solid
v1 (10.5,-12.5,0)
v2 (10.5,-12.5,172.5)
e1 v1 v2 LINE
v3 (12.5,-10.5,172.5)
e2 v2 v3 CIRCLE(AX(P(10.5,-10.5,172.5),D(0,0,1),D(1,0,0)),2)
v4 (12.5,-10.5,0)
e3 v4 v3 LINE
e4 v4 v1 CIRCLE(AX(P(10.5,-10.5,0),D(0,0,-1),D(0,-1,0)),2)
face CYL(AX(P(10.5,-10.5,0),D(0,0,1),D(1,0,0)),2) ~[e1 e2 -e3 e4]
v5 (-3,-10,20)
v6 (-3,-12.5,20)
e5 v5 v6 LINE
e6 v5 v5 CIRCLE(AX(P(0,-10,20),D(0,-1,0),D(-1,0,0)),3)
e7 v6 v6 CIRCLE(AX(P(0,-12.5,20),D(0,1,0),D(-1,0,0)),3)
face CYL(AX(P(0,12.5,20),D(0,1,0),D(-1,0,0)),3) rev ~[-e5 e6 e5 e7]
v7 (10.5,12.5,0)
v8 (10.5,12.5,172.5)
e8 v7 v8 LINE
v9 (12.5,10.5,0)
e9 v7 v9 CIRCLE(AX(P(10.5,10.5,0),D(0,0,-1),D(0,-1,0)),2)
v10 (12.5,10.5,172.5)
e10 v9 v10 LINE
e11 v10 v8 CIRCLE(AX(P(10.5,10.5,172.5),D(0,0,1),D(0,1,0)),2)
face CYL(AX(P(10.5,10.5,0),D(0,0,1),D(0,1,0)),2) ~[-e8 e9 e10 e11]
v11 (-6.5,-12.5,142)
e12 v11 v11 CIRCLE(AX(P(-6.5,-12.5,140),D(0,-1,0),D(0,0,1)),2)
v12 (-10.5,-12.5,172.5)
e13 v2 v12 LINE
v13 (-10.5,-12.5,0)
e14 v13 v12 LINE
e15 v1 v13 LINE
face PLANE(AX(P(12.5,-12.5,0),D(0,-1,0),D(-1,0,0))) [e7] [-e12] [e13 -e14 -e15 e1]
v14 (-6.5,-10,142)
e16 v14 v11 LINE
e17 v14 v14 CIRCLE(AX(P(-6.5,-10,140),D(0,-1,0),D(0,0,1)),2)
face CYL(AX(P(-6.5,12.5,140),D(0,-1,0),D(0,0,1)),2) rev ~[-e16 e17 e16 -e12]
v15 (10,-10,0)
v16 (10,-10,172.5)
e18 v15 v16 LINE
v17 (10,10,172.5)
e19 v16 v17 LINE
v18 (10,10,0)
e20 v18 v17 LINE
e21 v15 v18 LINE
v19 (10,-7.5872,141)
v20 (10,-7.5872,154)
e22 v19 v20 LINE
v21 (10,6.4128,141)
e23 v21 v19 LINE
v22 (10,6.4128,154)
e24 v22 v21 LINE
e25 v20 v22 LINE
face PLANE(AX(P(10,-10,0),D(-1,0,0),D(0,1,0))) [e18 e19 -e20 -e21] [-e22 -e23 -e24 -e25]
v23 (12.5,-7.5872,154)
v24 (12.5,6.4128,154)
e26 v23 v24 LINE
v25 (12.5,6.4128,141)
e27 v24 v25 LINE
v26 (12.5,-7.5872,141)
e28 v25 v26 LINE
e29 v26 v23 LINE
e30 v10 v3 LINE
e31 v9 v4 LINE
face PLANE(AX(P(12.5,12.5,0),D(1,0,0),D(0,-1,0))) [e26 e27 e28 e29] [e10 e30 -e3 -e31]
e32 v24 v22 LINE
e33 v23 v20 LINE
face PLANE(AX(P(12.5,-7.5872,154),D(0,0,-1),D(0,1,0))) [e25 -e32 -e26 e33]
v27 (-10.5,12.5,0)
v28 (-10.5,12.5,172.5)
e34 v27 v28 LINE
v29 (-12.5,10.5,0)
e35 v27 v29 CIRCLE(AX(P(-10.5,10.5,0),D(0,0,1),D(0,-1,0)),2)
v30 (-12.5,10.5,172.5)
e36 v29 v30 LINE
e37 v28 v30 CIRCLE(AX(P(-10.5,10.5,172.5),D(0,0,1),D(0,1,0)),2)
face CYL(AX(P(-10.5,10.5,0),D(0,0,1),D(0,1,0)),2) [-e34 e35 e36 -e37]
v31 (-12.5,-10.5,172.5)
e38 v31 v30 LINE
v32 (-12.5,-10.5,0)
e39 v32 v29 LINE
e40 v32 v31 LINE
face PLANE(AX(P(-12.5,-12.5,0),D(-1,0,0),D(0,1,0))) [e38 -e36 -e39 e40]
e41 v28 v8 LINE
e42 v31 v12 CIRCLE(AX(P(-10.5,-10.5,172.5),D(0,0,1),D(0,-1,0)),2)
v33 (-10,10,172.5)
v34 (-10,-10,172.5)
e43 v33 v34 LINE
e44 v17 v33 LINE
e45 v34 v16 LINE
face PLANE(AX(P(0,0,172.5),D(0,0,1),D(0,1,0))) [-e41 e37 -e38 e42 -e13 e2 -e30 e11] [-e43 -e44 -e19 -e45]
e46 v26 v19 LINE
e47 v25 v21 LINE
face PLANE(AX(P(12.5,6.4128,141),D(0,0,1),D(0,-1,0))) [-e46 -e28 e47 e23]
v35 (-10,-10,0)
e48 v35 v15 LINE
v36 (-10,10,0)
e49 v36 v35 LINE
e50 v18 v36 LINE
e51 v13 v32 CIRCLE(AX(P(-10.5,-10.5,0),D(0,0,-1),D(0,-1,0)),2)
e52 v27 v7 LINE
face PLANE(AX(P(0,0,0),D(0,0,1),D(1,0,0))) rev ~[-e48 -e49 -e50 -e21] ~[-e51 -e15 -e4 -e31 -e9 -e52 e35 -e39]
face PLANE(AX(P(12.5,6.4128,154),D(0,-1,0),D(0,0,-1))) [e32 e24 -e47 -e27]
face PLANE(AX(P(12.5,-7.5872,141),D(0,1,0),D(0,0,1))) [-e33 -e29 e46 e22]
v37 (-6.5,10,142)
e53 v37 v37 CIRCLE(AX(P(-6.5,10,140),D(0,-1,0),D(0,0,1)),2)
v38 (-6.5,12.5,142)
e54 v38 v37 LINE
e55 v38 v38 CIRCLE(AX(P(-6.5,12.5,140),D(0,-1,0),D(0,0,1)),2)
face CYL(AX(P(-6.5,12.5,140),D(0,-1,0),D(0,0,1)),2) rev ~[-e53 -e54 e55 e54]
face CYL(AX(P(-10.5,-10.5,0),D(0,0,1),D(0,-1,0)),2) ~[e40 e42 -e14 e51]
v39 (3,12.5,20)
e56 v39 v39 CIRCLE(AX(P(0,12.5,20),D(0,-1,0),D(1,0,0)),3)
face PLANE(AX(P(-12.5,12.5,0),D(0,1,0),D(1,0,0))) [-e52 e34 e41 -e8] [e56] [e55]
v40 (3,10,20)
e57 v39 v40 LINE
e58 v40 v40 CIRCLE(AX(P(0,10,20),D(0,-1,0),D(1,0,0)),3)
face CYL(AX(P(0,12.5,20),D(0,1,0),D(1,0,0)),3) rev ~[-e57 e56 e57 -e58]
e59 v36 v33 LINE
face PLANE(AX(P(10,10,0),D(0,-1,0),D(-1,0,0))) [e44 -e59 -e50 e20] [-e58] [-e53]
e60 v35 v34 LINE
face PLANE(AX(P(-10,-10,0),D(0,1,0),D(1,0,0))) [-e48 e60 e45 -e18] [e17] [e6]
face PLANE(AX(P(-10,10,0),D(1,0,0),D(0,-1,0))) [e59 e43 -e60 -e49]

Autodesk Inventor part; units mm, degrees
sketch "Sketch1" plane through (0, 0, 0) normal (0, 0, 1) x (1, 0, 0)
  line L0 (-12.5, 12.5) -> (12.5, 12.5)
  line L1 (12.5, 12.5) -> (12.5, -12.5)
  line L2 (12.5, -12.5) -> (-12.5, -12.5)
  line L3 (-12.5, -12.5) -> (-12.5, 12.5)
  line L4 (10, 10) -> (-10, 10)
  line L5 (-10, 10) -> (-10, -10)
  line L6 (-10, -10) -> (10, -10)
  line L7 (10, -10) -> (10, 10)
  point P0 (0, 0)
  dimension "d0" = 25
  dimension "d1" = 25
  dimension "d2" = 12.5
  dimension "d3" = 12.5
  dimension "d4" = 2.5
extrude "Extrusion1" add sketch "Sketch1" along normal blind 1000
fillet "Fillet1" radius 2 4 edges at (12.5, 12.5, 500) (-12.5, 12.5, 500) (-12.5, -12.5, 500) (12.5, -12.5, 500)
ref_plane "endPlane" through (0, 0, 172.5) normal (0, 0, -1) x (-1, 0, 0)
split "Split1" plane through (0, 0, 172.5) removes the side toward (0, 0, 1)
ref_plane "midPlane" through (-10.5, -12.5, 86.25) normal (0, 0, 1) x (1, 0, 0)
sketch "Sketch2" plane through (-10.5, 12.5, 0) normal (0, 1, 0) x (1, 0, 0)
  line L0 (10.5, -20) -> (10.5, -20) construction
  line L1 (13.5, -20) -> (13.5, -20)
  line L2 (7.5, -20) -> (7.5, -20)
  arc A0 (7.5, -20) -> (13.5, -20) centre (10.5, -20) ccw
  arc A1 (13.5, -20) -> (7.5, -20) centre (10.5, -20) ccw
  point P0 (10.5, 0)
  point P1 (10.5, -40)
  dimension "d46" = 6
  dimension "d47" = 0
  dimension "d48" = 20
  dimension "d49" = 0
sketch "Sketch3" plane through (12.5, -10.5, 0) normal (1, 0, 0) x (0, 0, -1)
  line L0 (-154, 16.9128) -> (-141, 16.9128)
  line L1 (-141, 16.9128) -> (-141, 2.9128)
  line L2 (-141, 2.9128) -> (-154, 2.9128)
  line L3 (-154, 2.9128) -> (-154, 16.9128)
  line L4 (-172.5, 21) -> (-172.5, 0) projected
  point P0 (0, 10.5)
  dimension "d28" = 14
  dimension "d29" = 18.5
  dimension "d30" = 13
extrude "Extrusion2" cut sketch "Sketch3" against normal up to surface (2.5 mm away)
sketch "Sketch4" plane through (-10.5, 12.5, 0) normal (0, 1, 0) x (1, 0, 0)
  line L0 (-2, 0) -> (-2, -1000) projected
  line L1 (0, -172.5) -> (21, -172.5) projected
  point P0 (10.5, 0)
  point P1 (-2, -172.5)
  point P2 (4, -140)
  point P3 (23, -141)
  dimension "d36" = 6
  dimension "d45" = 1
hole "Hole2" at (-6.5, 12.5, 140) direction (0, -1, 0) diameter 4 end through all
ref_plane "Work Plane3" through (12.5, -7.5872, 147.5) normal (0, 0, 1) x (1, 0, 0)
extrude "Extrusion3" cut sketch "Sketch2" against normal through all
equation "\"d0\" = -2 * a + sm_varx_squareBarDimension - tol"
equation "\"d1\" = d0"
equation "\"d2\" = 0.5 * d1"
equation "\"d3\" = 0.5 * d0"
equation "\"d4\" = sm_varx_squareBarThickness"
equation "\"d8\" = -sm_varx_z - 0.5 * d0"
equation "\"sm_varx_squareBarThickness\" = 2.5"
equation "\"sm_varx_pinPlate_holeDiameter\" = 5"
equation "\"sm_varx_member_tolerance\" = 0"
equation "\"a\" = sm_varx_squareBarThickness"
equation "\"hoop_angle_z\" = 45deg"
equation "\"hoop_bearing_length\" = 5deg"
equation "\"hoop_cable_diam\" = 5"
equation "\"hoop_cable_pulley_diam\" = 22"
equation "\"hoop_thickness_large\" = 4"
equation "\"hoop_thickness_medium\" = 3.2"
equation "\"hoop_thickness_small\" = 2"
equation "\"hoop_width_large\" = 51"
equation "\"hoop_width_medium\" = 33.7"
equation "\"hoop_width_small\" = 25.4"
equation "\"rack_tooth_addendum\" = 5"
equation "\"rack_tooth_dedendum\" = 5"
equation "\"rack_tooth_thickness\" = 5"
equation "\"secure_arm_angle\" = 35deg"
equation "\"secure_arm_radii\" = 9"
equation "\"support_baseClamp_platformLengthBuffer\" = 35"
equation "\"support_baseClamp_platformThickness\" = 15"
equation "\"support_baseClamp_platformWidthBuffer\" = 0"
equation "\"support_baseClamp_sleeveHoleDiameter\" = 12"
equation "\"support_baseClamp_sleeveSweepTerminationAngle\" = 55deg"
equation "\"support_baseClamp_thickness\" = 8"
equation "\"support_frame_endHoleBuffer\" = 45"
equation "\"support_frame_squareBarFillet\" = 2"
equation "\"support_frame_squareBarThickness\" = 5"
equation "\"hoop_tabs_thickness\" = 6"
equation "\"hoop_tabs_hole\" = 12"
equation "\"wheelchair_deployed_width\" = 635"
equation "\"wheelchair_deployed_length\" = 1067"
equation "\"wheelchair_deployed_height\" = 914"
equation "\"sm_varx_pinPlate_thickness\" = 5"
equation "\"hoop_bushing12_radialInterference\" = 0"
equation "\"hoop_bushing23_radialInterference\" = 0"
equation "\"hoop_bushing23_od\" = -2 * hoop_thickness_medium + hoop_width_medium + hoop_bushing23_radialInterference"
equation "\"hoop_bushing23_thickness\" = -hoop_width_small + hoop_bushing23_od - 2 * hoop_bushing23_radialInterference"
equation "\"hoop_bushing12_od\" = -2 * hoop_thickness_large + hoop_width_large + hoop_bushing12_radialInterference"
equation "\"wheelchatir_pos_deploy_angle_0\" = 65deg"
equation "\"wheelchatir_pos_store_angle_0\" = 90deg"
equation "\"wheelchatir_pos_deploy_angle_1\" = 20deg"
equation "\"wheelchatir_pos_store_angle_1\" = 20deg"
equation "\"hoop_bushing12_thickness\" = -hoop_width_medium + hoop_bushing12_od - 2 * hoop_bushing12_radialInterference"
equation "\"sm_varx_squareBarDimension\" = 30"
equation "\"tol\" = 0"
equation "\"sm_varx_z\" = 160"
properties part number "member_transverse_inner" material "Steel, Galvanized"
